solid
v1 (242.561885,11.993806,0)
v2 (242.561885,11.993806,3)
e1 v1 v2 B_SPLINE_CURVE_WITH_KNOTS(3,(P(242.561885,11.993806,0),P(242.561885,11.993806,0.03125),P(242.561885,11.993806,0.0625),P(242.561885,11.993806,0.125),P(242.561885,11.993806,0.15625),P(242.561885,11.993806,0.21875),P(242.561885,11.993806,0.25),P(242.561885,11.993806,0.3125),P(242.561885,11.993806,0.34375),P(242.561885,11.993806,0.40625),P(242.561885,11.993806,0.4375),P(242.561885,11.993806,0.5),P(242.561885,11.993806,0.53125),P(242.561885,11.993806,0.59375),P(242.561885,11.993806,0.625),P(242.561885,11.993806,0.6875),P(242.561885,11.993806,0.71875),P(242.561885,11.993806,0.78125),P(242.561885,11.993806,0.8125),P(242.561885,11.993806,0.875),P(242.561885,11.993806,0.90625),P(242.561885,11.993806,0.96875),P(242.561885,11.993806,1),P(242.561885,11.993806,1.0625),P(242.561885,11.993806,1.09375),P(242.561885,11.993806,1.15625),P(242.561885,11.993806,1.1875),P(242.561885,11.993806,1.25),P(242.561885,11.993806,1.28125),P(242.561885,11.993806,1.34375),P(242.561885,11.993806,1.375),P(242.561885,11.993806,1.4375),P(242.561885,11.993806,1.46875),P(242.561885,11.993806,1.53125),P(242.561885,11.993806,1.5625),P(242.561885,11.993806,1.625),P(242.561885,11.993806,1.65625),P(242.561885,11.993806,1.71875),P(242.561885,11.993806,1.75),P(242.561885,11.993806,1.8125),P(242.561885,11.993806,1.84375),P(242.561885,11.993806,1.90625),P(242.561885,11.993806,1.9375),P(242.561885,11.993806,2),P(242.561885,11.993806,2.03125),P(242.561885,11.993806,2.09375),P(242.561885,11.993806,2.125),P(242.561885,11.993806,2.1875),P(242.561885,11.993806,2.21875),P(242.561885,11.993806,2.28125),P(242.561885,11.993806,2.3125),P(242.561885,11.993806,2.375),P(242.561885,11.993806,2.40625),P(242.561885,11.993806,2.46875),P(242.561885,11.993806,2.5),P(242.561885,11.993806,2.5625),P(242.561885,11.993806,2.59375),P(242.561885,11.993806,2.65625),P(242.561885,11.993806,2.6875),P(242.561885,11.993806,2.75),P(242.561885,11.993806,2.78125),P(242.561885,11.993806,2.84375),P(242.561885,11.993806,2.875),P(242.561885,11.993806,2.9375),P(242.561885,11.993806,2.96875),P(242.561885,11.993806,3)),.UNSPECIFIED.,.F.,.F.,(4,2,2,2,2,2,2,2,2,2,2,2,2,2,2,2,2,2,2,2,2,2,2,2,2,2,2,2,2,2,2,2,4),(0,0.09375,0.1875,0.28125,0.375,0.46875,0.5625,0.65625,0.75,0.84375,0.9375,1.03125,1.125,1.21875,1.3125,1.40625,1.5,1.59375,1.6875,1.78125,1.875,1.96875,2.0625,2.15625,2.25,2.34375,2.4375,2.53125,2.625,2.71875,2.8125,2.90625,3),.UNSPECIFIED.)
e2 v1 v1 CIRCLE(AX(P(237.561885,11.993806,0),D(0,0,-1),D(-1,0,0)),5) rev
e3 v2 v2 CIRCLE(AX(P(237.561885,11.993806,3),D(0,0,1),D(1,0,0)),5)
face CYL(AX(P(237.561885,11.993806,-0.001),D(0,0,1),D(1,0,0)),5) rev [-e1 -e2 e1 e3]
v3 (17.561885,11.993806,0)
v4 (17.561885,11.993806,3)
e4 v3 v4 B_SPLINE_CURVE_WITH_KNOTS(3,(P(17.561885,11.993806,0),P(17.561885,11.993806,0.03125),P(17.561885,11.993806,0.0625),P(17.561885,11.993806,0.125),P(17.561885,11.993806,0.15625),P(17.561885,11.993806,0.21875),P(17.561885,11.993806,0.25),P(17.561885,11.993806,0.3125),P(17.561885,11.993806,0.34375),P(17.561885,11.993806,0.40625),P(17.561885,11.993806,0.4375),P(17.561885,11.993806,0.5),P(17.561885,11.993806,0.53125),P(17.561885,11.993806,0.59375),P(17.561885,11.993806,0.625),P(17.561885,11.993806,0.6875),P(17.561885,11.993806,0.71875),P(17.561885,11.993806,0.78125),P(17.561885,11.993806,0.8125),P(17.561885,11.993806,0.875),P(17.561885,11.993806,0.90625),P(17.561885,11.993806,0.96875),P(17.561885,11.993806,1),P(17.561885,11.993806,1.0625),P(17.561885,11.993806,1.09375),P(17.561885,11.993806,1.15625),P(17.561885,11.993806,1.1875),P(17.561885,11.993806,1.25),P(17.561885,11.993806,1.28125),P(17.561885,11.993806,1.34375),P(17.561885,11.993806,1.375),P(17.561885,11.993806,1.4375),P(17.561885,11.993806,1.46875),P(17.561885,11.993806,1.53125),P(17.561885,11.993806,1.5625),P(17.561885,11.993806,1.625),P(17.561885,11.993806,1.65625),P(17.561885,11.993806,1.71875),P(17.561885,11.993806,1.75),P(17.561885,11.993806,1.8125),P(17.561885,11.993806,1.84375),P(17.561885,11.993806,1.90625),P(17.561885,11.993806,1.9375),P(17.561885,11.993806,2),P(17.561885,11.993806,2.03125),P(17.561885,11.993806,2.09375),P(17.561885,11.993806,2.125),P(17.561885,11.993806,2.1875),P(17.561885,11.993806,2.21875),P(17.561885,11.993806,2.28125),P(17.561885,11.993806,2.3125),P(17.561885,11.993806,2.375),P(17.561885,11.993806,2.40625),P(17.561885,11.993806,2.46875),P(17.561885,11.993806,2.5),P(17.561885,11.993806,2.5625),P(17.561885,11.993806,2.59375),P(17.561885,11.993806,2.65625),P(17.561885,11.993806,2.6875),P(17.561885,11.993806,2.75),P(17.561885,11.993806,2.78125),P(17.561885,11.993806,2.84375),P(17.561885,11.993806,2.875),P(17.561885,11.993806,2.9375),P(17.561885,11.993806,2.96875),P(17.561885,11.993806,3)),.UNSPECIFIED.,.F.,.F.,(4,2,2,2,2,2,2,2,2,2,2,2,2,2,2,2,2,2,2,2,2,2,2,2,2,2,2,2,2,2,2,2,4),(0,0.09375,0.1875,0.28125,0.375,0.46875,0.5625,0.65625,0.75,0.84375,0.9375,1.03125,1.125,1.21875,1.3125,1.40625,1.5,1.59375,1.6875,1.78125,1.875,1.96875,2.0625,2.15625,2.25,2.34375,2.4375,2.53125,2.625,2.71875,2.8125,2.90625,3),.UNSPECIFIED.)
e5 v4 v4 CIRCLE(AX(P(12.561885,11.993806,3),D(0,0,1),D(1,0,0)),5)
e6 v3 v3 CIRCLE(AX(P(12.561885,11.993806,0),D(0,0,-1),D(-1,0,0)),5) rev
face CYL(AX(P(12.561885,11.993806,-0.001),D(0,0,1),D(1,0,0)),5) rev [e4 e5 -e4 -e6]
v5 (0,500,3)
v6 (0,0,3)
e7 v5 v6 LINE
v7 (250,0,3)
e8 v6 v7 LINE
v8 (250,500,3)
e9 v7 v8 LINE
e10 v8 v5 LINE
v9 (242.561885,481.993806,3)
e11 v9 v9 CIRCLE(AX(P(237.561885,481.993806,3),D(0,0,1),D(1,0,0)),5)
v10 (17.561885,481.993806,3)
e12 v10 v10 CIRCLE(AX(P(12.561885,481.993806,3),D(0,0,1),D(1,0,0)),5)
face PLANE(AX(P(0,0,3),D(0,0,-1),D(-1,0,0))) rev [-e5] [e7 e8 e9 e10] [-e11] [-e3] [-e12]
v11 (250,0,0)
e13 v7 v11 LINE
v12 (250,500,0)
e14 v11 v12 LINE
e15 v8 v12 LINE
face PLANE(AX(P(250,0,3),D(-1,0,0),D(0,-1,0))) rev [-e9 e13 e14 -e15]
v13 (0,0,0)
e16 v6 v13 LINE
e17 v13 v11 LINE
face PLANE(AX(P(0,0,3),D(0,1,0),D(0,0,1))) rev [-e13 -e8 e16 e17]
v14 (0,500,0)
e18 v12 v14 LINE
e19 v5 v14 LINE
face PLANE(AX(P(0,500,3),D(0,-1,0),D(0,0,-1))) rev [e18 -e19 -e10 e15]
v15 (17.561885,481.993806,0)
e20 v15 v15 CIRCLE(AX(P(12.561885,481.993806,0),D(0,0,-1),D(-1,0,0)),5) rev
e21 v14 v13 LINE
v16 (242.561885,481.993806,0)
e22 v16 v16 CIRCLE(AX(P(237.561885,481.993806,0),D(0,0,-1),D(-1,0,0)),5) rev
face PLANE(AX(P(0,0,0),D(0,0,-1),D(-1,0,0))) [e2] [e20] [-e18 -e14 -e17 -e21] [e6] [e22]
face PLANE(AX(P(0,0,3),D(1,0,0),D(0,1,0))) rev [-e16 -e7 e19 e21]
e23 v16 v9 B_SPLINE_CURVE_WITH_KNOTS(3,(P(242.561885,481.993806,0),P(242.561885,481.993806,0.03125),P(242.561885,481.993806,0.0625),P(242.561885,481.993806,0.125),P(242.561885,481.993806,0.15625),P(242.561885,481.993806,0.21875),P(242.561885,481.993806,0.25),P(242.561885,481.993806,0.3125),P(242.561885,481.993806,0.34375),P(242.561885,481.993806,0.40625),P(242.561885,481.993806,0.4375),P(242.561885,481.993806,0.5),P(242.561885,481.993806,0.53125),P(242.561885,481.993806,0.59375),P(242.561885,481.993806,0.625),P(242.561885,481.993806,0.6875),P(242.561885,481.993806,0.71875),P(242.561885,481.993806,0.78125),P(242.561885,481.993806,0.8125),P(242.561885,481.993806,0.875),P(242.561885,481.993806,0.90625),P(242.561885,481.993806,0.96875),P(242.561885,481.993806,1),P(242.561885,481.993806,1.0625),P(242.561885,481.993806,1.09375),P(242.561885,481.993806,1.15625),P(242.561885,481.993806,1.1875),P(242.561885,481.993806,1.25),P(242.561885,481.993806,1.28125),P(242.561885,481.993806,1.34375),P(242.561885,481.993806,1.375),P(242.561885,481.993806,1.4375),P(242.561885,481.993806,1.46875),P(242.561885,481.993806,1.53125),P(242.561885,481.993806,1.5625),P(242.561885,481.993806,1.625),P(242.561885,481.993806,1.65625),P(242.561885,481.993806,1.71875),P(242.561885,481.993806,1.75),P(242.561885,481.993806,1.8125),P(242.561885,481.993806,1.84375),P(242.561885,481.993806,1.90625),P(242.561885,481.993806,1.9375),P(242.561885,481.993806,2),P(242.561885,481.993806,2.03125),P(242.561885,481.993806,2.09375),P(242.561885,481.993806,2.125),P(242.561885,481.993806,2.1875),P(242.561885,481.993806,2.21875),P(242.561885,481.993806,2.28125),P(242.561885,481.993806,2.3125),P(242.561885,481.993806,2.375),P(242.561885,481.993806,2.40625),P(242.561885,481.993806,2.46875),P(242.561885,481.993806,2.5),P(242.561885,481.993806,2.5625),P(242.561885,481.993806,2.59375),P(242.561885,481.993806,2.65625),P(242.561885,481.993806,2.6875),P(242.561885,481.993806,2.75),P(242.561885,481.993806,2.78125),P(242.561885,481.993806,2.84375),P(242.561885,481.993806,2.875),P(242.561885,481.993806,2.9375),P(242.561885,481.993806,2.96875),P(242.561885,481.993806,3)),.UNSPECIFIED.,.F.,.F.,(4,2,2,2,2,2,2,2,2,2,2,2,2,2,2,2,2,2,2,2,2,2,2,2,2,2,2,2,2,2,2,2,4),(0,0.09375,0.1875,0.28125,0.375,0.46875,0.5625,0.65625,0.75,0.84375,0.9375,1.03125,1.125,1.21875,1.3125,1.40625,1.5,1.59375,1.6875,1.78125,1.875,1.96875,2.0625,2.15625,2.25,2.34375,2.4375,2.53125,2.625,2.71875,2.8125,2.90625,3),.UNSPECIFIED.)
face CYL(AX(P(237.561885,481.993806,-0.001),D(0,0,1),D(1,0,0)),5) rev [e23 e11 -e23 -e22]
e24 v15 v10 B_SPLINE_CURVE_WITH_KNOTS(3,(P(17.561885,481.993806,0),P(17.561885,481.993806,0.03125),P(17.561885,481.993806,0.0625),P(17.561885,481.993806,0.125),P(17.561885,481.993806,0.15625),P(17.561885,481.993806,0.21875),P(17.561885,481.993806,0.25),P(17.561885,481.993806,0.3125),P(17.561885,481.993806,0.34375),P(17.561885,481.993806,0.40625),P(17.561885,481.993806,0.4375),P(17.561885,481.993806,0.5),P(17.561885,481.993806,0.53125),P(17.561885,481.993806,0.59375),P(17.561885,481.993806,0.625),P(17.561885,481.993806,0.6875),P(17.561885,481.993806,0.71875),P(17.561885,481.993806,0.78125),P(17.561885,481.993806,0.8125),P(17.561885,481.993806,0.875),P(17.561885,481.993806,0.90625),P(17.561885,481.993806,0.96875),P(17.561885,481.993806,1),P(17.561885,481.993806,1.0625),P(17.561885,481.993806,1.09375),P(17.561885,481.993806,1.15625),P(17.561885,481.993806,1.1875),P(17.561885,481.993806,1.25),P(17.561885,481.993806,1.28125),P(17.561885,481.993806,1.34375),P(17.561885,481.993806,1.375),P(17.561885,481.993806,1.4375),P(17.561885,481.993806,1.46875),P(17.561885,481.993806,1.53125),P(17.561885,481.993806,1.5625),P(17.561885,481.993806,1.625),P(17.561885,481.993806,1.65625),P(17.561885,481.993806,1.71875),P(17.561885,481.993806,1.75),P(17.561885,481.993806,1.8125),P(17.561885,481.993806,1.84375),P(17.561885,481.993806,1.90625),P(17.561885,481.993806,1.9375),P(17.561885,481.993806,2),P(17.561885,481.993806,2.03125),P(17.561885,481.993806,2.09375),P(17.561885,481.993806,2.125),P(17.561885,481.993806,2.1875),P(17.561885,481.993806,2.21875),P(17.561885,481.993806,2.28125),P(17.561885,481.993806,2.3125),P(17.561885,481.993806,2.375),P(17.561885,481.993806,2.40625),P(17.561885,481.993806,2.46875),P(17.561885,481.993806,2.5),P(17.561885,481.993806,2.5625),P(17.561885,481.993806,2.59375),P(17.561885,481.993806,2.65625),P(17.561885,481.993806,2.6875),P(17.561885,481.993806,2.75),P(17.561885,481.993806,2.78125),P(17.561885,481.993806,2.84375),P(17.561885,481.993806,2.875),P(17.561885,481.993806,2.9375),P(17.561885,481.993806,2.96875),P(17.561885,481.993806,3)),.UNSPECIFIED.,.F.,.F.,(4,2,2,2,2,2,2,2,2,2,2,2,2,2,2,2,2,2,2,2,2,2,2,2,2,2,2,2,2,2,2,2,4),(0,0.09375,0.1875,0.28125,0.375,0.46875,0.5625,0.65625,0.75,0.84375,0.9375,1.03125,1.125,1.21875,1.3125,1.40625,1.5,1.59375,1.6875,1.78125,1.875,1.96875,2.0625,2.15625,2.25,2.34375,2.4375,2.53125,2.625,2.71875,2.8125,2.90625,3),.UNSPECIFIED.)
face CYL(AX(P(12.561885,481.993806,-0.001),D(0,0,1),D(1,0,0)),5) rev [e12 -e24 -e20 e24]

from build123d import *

# Parameters (mm, degrees)
ESQUISSE1_W                          = 250
ESQUISSE1_H                          = 500
BOSS_EXTRU_1_DEPTH                   = 3
ENL_V_MAT_EXTRU_1_REACH              = 561.025
ESQUISSE2_R                          = 5
R_P_TITION_LIN_AIRE1_COUNT           = 2
R_P_TITION_LIN_AIRE1_PITCH           = 225
R_P_TITION_LIN_AIRE2_COUNT           = 2
R_P_TITION_LIN_AIRE2_PITCH           = 470
R_P_TITION_LIN_AIRE2_COPY_1_REACH    = 561.025
R_P_TITION_LIN_AIRE2_COPY_1_SKETCH_R = 5


with BuildPart() as part:
    # Esquisse1 → Boss.-Extru.1 (new body)
    with BuildSketch(Plane.XY):
        with Locations((125, 250)):
            Rectangle(ESQUISSE1_W, ESQUISSE1_H)
    extrude(amount=BOSS_EXTRU_1_DEPTH)

    # Esquisse2 → Enlèv. mat.-Extru.1 (cut, up to next)
    with BuildSketch(Plane.XY.offset(3), mode=Mode.PRIVATE) as enl_v_mat_extru_1_sk1:
        with Locations((12.561884872, 11.993805772)):
            Circle(ESQUISSE2_R)
    enl_v_mat_extru_1_tool1 = extrude(enl_v_mat_extru_1_sk1.sketch, amount=-ENL_V_MAT_EXTRU_1_REACH, mode=Mode.PRIVATE) & part.part
    enl_v_mat_extru_1 = enl_v_mat_extru_1_tool1.solids().sort_by_distance((12.561885, 11.993806, 3))[0]
    add(enl_v_mat_extru_1, mode=Mode.SUBTRACT)

    # Répétition linéaire1: Enlèv. mat.-Extru.1 ×2
    with Locations(*[(i * R_P_TITION_LIN_AIRE1_PITCH, 0, 0) for i in range(1, R_P_TITION_LIN_AIRE1_COUNT)]):
        add(enl_v_mat_extru_1, mode=Mode.SUBTRACT)

    # Répétition linéaire2: Enlèv. mat.-Extru.1 ×2
    with Locations(*[(0, i * R_P_TITION_LIN_AIRE2_PITCH, 0) for i in range(1, R_P_TITION_LIN_AIRE2_COUNT)]):
        add(enl_v_mat_extru_1, mode=Mode.SUBTRACT)

    # Répétition linéaire2 copy 1 sketch → Répétition linéaire2 copy 1 (cut, up to next)
    with BuildSketch(Plane(origin=(225, 470, 3), x_dir=(1, 0, 0), z_dir=(0, 0, 1)), mode=Mode.PRIVATE) as r_p_tition_lin_aire2_copy_1_sk1:
        with Locations((12.561884872, 11.993805772)):
            Circle(R_P_TITION_LIN_AIRE2_COPY_1_SKETCH_R)
    r_p_tition_lin_aire2_copy_1_tool1 = extrude(r_p_tition_lin_aire2_copy_1_sk1.sketch, amount=-R_P_TITION_LIN_AIRE2_COPY_1_REACH, mode=Mode.PRIVATE) & part.part
    add(r_p_tition_lin_aire2_copy_1_tool1.solids().sort_by_distance((237.561885, 481.993806, 3))[0], mode=Mode.SUBTRACT)


solid = part.part
